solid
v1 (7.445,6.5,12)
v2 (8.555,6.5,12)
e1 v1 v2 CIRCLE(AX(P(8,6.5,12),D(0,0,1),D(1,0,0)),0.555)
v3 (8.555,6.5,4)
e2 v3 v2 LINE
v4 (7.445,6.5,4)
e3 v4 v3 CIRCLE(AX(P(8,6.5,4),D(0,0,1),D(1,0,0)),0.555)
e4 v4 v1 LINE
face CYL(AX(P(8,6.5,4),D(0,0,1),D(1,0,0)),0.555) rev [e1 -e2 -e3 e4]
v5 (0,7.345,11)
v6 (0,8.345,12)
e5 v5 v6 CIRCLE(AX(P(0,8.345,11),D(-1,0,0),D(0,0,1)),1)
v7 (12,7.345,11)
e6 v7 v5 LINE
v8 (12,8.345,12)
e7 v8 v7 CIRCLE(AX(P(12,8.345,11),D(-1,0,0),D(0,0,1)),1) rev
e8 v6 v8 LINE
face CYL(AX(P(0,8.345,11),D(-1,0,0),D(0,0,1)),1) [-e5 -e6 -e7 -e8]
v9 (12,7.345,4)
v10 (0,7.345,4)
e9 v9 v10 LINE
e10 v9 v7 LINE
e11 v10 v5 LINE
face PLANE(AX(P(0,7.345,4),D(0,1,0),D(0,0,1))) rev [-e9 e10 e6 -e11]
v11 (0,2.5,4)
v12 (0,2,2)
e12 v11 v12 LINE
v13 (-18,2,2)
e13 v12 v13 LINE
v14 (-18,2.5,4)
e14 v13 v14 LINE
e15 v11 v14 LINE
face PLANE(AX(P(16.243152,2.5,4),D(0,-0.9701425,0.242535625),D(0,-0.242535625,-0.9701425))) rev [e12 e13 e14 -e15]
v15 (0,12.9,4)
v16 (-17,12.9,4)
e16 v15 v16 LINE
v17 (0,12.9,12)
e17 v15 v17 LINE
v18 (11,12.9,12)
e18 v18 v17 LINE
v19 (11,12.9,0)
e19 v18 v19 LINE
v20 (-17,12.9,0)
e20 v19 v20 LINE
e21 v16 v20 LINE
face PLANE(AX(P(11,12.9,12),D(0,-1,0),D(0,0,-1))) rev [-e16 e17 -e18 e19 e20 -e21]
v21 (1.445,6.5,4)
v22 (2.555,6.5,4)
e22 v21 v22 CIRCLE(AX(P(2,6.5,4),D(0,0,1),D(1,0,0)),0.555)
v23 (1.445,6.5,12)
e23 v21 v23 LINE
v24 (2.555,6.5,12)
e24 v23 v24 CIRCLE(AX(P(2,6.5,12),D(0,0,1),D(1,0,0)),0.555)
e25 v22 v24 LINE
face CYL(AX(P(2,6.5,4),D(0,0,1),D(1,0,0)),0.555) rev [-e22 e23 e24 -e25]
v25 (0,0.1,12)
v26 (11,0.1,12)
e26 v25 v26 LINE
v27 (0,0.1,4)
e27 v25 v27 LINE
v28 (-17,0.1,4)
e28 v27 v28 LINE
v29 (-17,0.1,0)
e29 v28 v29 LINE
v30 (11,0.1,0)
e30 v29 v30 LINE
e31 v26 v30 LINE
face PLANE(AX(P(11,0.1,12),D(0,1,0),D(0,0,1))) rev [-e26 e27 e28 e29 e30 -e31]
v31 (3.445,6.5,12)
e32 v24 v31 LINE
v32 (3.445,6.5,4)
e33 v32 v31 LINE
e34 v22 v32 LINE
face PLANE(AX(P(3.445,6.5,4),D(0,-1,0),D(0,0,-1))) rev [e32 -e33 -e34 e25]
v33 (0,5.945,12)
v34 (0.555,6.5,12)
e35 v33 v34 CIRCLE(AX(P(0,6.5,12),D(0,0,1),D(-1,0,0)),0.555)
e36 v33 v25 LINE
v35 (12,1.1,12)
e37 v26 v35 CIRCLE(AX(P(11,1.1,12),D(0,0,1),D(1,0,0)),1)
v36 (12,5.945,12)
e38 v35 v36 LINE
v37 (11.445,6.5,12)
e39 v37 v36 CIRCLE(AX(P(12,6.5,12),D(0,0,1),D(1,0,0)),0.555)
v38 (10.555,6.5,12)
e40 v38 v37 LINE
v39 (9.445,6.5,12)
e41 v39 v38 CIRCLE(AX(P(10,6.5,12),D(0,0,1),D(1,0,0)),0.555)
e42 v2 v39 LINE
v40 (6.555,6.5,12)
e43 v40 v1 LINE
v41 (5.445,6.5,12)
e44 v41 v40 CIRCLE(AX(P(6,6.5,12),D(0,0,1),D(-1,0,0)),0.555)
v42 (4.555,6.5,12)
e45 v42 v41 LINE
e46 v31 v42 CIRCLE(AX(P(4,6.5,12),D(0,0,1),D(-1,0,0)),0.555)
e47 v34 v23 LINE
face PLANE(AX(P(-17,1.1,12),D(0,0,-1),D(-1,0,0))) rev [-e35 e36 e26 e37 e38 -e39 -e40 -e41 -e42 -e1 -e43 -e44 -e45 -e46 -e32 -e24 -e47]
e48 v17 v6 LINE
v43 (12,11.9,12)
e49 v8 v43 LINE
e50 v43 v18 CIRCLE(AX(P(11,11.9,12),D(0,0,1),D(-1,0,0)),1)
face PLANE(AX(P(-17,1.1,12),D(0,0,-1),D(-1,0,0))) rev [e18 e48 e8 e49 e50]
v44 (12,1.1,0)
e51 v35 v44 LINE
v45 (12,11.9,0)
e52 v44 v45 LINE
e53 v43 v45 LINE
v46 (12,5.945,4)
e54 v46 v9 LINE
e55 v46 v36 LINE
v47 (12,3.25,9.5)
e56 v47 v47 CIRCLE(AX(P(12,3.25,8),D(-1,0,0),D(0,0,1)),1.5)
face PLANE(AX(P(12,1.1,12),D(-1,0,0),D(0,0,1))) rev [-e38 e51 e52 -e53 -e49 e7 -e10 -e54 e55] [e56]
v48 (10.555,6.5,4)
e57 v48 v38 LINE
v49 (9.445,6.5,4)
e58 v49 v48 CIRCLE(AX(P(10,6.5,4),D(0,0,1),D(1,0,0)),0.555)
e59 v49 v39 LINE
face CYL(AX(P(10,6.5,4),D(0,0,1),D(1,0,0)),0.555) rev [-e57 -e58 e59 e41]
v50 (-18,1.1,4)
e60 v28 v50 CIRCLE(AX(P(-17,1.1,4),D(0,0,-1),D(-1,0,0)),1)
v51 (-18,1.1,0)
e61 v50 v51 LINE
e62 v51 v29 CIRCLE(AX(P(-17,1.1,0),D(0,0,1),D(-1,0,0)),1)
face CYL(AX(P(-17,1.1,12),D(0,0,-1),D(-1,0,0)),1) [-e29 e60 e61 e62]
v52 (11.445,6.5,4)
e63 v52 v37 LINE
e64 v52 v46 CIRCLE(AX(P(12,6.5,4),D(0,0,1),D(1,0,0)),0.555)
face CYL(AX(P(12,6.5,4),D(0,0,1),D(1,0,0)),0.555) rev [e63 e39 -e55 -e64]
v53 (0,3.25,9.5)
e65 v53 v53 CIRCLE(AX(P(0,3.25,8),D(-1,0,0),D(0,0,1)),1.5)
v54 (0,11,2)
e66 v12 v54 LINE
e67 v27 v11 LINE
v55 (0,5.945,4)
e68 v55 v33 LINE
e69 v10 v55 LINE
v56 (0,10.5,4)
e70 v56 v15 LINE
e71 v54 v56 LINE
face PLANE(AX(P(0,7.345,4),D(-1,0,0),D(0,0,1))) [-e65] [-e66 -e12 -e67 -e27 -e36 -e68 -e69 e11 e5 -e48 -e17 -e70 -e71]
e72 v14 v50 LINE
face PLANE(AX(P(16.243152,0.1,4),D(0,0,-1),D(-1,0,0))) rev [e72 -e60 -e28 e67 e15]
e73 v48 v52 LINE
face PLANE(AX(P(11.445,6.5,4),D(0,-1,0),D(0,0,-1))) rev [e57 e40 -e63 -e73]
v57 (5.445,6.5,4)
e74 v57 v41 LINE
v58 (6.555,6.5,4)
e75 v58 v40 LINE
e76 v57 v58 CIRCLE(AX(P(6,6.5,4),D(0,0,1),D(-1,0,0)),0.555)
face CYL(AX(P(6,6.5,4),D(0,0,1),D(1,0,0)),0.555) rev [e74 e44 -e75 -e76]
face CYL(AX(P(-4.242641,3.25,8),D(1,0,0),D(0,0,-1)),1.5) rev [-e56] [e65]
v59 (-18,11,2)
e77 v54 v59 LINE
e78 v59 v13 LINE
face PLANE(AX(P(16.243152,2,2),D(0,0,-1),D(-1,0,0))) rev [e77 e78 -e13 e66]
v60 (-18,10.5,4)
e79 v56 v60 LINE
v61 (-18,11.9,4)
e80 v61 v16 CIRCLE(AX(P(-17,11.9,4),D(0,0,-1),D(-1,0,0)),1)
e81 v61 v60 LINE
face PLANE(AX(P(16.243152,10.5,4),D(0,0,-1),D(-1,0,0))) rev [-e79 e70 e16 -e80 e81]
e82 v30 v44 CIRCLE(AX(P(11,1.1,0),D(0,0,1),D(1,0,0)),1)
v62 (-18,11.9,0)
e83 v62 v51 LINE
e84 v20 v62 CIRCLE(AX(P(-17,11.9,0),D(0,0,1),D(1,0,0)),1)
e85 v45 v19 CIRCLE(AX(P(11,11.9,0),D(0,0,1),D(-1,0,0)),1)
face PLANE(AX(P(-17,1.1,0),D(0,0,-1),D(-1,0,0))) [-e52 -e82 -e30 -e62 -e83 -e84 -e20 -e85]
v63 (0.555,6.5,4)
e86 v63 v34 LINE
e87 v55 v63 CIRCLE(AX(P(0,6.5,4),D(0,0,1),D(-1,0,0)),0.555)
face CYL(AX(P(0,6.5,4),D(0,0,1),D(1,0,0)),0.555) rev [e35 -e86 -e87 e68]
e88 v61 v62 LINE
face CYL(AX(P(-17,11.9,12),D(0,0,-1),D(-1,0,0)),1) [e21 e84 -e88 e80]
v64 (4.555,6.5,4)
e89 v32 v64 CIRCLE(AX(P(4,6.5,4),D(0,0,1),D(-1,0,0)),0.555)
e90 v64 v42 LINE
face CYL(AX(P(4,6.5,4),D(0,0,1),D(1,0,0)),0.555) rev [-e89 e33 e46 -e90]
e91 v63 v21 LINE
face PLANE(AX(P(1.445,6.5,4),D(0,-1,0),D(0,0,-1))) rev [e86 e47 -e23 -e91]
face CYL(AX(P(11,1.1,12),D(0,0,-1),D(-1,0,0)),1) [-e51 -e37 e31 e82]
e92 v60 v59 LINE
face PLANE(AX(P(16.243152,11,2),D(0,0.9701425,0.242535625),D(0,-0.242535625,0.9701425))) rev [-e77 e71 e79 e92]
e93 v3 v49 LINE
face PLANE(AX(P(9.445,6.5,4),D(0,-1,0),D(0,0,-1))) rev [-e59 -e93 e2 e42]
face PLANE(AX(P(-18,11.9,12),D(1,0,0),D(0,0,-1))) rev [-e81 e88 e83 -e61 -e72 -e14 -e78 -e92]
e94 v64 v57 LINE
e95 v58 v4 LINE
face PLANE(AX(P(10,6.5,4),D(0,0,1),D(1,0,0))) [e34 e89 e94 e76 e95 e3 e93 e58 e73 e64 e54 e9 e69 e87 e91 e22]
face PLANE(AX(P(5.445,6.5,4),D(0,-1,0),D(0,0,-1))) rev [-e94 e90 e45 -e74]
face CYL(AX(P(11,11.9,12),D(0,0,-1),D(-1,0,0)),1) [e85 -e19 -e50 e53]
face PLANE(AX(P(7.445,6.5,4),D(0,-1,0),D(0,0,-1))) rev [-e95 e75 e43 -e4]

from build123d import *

# Parameters (mm, degrees)
BOSS_EXTRUDE1_DEPTH = 12
CUT_EXTRUDE1_DEPTH  = 8
FILLET1_R           = 1
CUT_EXTRUDE3_DEPTH  = 18
SKETCH6_R           = 1.5
CUT_EXTRUDE2_DEPTH  = 12


with BuildPart() as part:
    # Sketch4 → Boss-Extrude1 (new body)
    with BuildSketch(Plane.XY):
        with BuildLine():
            Line((12, 1.1), (12, 11.9))
            ThreePointArc((12, 11.9), (11.707106781, 12.607106781), (11, 12.9))
            Line((11, 12.9), (-17, 12.9))
            ThreePointArc((-17, 12.9), (-17.707106781, 12.607106781), (-18, 11.9))
            Line((-18, 11.9), (-18, 1.1))
            ThreePointArc((-18, 1.1), (-17.707106781, 0.392893219), (-17, 0.1))
            Line((-17, 0.1), (11, 0.1))
            ThreePointArc((11, 0.1), (11.707106781, 0.392893219), (12, 1.1))
        make_face()
    extrude(amount=BOSS_EXTRUDE1_DEPTH)

    # Sketch5 → Cut-Extrude1 (cut)
    with BuildSketch(Plane.XY.offset(12)):
        with BuildLine():
            Line((11.445, 6.5), (10.555, 6.5))
            ThreePointArc((10.555, 6.5), (10, 5.945), (9.445, 6.5))
            Line((9.445, 6.5), (8.555, 6.5))
            ThreePointArc((8.555, 6.5), (8, 5.945), (7.445, 6.5))
            Line((7.445, 6.5), (6.555, 6.5))
            ThreePointArc((6.555, 6.5), (6, 5.945), (5.445, 6.5))
            Line((5.445, 6.5), (4.555, 6.5))
            ThreePointArc((4.555, 6.5), (4, 5.945), (3.445, 6.5))
            Line((3.445, 6.5), (2.555, 6.5))
            ThreePointArc((2.555, 6.5), (2, 5.945), (1.445, 6.5))
            Line((1.445, 6.5), (0.555, 6.5))
            ThreePointArc((0.555, 6.5), (0.392444264, 6.107555736), (0, 5.945))
            Line((0, 5.945), (0, 7.345))
            Line((0, 7.345), (12, 7.345))
            Line((12, 7.345), (12, 5.945))
            ThreePointArc((12, 5.945), (11.607555736, 6.107555736), (11.445, 6.5))
        make_face()
    extrude(amount=-CUT_EXTRUDE1_DEPTH, mode=Mode.SUBTRACT)

    # Fillet1
    fillet1_edges = [part.edges().sort_by_distance(p)[0] for p in [
        (6, 7.345, 12),
    ]]
    fillet(fillet1_edges, radius=FILLET1_R)

    # Sketch7 → Cut-Extrude3 (cut)
    with BuildSketch(Plane.ZY.offset(18)):
        Polygon((4, 10.5), (4, 12.9), (12, 12.9), (12, 0.1), (4, 0.1), (4, 2.5), (2, 2), (2, 11), align=None)
    extrude(amount=-CUT_EXTRUDE3_DEPTH, mode=Mode.SUBTRACT)

    # Sketch6 → Cut-Extrude2 (cut)
    with BuildSketch(Plane.ZY.offset(-12)):
        with Locations((8, 3.25)):
            Circle(SKETCH6_R)
    extrude(amount=CUT_EXTRUDE2_DEPTH, mode=Mode.SUBTRACT)


solid = part.part
